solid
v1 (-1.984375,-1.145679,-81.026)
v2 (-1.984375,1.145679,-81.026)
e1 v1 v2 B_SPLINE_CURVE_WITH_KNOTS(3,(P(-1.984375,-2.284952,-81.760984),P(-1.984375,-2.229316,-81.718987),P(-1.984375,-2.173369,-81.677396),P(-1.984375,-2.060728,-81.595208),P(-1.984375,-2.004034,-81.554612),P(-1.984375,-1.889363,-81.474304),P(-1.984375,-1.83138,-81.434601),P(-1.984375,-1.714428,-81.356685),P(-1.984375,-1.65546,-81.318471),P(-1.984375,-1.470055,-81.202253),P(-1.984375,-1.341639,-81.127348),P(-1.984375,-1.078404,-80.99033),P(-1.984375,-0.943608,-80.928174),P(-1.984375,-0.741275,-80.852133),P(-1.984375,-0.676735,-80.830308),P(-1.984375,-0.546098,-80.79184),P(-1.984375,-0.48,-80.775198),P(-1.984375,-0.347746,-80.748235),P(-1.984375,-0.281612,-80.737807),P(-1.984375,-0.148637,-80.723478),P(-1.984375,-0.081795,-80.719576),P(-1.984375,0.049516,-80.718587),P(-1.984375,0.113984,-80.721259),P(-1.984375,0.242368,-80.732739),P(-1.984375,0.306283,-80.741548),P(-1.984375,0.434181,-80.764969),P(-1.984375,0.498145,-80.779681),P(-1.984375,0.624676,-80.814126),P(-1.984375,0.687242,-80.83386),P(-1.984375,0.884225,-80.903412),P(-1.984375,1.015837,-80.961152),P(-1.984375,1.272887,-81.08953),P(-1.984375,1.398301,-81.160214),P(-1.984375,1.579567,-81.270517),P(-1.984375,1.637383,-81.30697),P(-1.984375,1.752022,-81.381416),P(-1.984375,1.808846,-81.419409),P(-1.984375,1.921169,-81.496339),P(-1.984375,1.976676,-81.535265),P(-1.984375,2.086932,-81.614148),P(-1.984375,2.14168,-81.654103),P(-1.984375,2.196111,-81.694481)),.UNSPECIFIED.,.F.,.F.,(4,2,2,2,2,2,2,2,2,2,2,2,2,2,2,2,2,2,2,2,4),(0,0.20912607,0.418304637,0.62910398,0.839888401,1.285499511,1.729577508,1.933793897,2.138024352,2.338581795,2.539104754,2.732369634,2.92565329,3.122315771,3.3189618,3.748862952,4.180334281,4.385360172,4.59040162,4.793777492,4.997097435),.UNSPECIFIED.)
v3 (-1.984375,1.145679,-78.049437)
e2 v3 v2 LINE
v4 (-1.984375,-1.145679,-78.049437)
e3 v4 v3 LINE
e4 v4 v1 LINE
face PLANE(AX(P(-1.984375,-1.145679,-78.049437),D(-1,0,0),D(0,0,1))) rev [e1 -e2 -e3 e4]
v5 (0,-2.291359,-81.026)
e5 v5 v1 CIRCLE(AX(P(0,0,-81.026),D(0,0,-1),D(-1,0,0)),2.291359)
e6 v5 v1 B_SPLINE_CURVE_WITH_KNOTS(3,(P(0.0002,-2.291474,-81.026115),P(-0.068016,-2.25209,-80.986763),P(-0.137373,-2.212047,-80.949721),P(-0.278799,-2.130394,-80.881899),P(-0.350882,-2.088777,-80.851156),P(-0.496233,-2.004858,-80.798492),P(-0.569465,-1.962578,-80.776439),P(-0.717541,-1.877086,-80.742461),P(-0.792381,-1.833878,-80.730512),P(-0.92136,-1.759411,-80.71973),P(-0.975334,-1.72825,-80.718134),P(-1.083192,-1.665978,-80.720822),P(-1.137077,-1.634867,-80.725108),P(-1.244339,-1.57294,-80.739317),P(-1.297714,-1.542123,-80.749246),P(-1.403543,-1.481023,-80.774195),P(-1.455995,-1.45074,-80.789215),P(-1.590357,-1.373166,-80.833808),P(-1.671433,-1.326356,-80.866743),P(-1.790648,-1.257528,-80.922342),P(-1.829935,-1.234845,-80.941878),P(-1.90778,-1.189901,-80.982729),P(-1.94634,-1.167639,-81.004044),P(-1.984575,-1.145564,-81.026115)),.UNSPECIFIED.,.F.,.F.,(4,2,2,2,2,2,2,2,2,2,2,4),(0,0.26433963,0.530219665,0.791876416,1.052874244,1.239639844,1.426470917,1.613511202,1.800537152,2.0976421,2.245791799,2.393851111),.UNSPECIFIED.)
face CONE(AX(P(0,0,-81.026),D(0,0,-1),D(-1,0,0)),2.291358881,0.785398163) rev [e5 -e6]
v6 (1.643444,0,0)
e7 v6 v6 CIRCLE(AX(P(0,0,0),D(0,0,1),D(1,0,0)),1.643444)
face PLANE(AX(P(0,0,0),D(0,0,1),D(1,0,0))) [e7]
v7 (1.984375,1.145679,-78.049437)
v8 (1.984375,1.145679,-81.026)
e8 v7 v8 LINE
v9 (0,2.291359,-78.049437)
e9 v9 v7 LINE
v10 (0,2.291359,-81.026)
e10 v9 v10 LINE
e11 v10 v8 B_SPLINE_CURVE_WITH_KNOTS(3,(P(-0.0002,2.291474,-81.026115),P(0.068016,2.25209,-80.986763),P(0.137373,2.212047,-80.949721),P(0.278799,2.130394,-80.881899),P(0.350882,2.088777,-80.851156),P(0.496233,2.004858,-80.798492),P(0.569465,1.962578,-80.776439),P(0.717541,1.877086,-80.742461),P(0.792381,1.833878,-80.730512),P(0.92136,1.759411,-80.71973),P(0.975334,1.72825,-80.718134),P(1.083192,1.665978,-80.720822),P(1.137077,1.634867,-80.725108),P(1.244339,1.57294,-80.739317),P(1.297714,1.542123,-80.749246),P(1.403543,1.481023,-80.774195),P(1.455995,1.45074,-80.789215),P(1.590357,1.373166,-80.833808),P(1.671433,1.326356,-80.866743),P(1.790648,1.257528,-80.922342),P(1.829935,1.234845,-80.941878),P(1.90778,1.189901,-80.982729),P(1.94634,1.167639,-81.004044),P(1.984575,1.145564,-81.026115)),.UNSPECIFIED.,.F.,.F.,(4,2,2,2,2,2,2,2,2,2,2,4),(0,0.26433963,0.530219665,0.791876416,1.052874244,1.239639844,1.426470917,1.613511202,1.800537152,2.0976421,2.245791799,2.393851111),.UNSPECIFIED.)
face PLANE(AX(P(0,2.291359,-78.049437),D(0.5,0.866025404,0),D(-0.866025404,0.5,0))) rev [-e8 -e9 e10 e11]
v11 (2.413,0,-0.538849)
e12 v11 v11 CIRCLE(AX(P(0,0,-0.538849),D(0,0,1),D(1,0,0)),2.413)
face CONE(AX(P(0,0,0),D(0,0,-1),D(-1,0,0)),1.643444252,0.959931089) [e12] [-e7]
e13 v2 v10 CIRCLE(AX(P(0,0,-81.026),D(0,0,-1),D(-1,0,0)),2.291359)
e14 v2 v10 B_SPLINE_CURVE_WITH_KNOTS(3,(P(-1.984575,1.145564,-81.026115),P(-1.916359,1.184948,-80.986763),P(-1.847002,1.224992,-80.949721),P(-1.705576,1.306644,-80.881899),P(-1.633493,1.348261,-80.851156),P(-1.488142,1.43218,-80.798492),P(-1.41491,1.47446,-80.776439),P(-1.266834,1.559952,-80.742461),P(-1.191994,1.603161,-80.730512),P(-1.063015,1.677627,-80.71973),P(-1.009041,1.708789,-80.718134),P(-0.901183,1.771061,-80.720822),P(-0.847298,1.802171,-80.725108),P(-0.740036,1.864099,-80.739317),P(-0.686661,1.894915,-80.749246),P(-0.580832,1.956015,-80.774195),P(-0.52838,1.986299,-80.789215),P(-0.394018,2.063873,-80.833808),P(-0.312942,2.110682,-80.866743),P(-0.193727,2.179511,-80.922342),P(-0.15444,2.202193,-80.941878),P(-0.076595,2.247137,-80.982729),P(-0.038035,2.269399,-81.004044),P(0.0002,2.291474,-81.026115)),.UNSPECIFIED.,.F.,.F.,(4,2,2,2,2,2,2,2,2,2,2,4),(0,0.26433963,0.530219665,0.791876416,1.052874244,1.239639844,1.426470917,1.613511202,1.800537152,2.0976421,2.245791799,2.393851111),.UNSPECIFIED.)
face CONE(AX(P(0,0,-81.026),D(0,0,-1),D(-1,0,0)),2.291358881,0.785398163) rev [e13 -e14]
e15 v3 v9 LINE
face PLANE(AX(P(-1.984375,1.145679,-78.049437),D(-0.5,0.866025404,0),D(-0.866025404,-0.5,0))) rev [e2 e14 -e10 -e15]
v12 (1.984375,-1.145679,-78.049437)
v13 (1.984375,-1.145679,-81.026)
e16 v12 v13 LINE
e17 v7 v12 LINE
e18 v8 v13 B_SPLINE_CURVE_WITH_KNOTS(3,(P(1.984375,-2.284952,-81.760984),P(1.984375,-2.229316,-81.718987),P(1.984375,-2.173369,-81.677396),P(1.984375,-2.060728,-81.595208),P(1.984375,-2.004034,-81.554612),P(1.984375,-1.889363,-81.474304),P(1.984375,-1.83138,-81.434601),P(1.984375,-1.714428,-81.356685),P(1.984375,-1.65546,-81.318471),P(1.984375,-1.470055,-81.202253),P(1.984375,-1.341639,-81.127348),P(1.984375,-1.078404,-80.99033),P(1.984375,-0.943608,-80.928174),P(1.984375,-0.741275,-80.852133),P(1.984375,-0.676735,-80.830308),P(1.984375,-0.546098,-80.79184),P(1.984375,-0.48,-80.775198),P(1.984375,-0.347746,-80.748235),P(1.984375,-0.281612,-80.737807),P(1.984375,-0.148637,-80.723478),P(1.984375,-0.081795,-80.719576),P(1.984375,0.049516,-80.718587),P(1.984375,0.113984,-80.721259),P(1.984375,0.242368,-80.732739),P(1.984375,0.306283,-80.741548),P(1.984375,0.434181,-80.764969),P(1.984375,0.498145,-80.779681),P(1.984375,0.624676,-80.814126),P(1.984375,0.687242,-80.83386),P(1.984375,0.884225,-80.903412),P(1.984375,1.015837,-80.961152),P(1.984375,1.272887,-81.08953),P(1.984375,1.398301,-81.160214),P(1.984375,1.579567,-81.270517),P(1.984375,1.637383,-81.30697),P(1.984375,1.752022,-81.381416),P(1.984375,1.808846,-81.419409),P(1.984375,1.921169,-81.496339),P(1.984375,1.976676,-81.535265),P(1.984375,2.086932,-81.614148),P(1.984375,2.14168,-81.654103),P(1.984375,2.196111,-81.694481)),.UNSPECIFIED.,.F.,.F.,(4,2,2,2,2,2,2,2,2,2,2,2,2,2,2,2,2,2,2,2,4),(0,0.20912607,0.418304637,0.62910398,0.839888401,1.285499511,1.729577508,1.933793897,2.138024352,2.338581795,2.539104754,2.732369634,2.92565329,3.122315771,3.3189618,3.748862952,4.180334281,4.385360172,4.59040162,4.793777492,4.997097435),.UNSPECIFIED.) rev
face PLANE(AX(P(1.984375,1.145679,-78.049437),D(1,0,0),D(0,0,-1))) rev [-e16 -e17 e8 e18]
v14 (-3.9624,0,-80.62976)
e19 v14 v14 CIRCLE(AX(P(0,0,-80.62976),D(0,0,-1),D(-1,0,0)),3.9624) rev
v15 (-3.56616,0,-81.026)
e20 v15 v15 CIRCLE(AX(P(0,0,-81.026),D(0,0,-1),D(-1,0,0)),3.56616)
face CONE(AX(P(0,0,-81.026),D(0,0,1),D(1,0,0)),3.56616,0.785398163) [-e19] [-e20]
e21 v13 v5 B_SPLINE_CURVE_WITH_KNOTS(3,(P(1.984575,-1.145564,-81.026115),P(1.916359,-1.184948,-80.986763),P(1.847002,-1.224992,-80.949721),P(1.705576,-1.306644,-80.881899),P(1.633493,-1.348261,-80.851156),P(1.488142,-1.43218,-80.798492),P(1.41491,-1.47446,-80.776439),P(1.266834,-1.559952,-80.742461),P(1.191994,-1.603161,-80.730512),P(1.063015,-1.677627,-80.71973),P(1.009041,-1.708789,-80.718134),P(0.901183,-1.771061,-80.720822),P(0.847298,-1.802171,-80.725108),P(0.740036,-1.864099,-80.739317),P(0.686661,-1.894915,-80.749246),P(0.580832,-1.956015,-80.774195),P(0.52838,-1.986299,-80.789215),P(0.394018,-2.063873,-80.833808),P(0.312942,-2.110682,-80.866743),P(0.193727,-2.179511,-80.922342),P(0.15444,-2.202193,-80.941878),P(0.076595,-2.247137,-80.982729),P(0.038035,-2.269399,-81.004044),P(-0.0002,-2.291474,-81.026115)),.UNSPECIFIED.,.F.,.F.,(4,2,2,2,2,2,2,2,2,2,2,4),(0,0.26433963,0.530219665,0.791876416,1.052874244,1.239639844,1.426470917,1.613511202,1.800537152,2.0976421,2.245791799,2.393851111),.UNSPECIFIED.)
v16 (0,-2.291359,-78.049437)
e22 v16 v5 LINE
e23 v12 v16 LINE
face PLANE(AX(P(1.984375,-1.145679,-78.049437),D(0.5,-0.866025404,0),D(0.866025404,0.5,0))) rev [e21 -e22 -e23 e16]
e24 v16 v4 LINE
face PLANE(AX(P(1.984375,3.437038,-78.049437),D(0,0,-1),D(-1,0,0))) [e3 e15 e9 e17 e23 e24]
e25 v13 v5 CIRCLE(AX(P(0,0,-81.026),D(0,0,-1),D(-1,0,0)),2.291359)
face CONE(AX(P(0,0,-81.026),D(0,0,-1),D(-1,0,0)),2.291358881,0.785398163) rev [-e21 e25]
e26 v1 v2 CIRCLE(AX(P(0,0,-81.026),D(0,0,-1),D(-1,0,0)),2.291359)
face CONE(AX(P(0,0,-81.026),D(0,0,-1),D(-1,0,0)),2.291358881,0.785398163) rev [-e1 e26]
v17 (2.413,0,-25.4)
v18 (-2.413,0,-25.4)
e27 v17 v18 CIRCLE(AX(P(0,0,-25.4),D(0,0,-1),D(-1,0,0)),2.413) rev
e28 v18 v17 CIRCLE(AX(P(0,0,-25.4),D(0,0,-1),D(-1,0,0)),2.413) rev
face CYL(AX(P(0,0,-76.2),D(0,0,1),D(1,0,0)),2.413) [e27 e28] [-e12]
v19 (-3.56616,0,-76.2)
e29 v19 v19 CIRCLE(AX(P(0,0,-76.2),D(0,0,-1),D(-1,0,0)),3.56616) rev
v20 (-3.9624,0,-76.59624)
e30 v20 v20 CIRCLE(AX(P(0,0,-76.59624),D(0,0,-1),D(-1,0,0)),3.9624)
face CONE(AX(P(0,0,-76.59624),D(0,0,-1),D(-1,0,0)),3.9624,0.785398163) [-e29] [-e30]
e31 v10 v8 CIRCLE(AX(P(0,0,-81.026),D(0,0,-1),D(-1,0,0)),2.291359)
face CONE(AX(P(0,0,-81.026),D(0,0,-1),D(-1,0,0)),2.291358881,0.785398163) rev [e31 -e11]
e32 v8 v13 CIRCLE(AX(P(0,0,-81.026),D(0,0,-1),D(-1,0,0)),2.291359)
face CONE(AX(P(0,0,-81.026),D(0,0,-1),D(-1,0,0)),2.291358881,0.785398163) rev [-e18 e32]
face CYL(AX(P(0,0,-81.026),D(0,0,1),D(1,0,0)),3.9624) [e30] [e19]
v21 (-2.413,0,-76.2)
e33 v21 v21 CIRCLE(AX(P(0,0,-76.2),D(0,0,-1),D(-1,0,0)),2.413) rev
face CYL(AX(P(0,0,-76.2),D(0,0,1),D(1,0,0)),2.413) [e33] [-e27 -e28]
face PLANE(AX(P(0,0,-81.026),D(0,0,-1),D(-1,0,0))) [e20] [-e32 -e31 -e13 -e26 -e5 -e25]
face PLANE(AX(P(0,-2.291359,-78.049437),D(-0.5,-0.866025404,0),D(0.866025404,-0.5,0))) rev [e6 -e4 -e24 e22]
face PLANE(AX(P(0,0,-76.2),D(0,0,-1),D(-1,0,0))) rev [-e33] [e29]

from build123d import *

# Parameters (mm, degrees)
SKETCH1_R          = 2.413
EXTRUDE1_DEPTH     = 76.2
SKETCH6_R          = 3.9624
EXTRUDE2_DEPTH     = 4.826
CUT_EXTRUDE1_DEPTH = 2.9765625
CHAMFER1_SIZE      = 0.39624


with BuildPart() as part:
    # Sketch1 → Extrude1 (new body)
    with BuildSketch(Plane.XY):
        Circle(SKETCH1_R)
    extrude(amount=-EXTRUDE1_DEPTH)

    # Sketch4 → Cut-Revolve1 (revolve, cut)
    with BuildSketch(Plane(origin=(0, 0, 0), x_dir=(0, 0, -1), z_dir=(1, 0, 0))):
        Polygon((0.538848736, 2.413), (0, 1.643444252), (0, 2.413), align=None)
    revolve(axis=Axis((0, 0, 0), (0, 0, -1)), mode=Mode.SUBTRACT)

    # Sketch6 → Extrude2 (add)
    with BuildSketch(Plane(origin=(0, 0, -76.2), x_dir=(-1, 0, 0), z_dir=(0, 0, -1))):
        Circle(SKETCH6_R)
    extrude(amount=EXTRUDE2_DEPTH)

    # Sketch7 → Cut-Extrude1 (cut)
    with BuildSketch(Plane(origin=(0, 0, -81.026), x_dir=(-1, 0, 0), z_dir=(0, 0, -1))):
        Polygon((0, 2.291358881), (-1.984375, 1.14567944), (-1.984375, -1.14567944), (0, -2.291358881), (1.984375, -1.14567944), (1.984375, 1.14567944), align=None)
    extrude(amount=-CUT_EXTRUDE1_DEPTH, mode=Mode.SUBTRACT)

    # Cut-Extrude2 cone 1 section (through the dimple's axis) → Cut-Extrude2 (revolve, cut)
    with BuildSketch(Plane(origin=(0, 0, -81.026), x_dir=(0, 1, 0), z_dir=(1, 0, 0))):
        Polygon((0, 0), (2.291358881, 0), (0, 2.291358881), align=None)
    revolve(axis=Axis((0, 0, -81.026), (0, 0, 1)), mode=Mode.SUBTRACT)

    # Chamfer1
    chamfer1_edges = [part.edges().sort_by_distance(p)[0] for p in [
        (3.9624, 0, -81.026),
        (3.9624, 0, -76.2),
    ]]
    chamfer(chamfer1_edges, length=CHAMFER1_SIZE)


solid = part.part
